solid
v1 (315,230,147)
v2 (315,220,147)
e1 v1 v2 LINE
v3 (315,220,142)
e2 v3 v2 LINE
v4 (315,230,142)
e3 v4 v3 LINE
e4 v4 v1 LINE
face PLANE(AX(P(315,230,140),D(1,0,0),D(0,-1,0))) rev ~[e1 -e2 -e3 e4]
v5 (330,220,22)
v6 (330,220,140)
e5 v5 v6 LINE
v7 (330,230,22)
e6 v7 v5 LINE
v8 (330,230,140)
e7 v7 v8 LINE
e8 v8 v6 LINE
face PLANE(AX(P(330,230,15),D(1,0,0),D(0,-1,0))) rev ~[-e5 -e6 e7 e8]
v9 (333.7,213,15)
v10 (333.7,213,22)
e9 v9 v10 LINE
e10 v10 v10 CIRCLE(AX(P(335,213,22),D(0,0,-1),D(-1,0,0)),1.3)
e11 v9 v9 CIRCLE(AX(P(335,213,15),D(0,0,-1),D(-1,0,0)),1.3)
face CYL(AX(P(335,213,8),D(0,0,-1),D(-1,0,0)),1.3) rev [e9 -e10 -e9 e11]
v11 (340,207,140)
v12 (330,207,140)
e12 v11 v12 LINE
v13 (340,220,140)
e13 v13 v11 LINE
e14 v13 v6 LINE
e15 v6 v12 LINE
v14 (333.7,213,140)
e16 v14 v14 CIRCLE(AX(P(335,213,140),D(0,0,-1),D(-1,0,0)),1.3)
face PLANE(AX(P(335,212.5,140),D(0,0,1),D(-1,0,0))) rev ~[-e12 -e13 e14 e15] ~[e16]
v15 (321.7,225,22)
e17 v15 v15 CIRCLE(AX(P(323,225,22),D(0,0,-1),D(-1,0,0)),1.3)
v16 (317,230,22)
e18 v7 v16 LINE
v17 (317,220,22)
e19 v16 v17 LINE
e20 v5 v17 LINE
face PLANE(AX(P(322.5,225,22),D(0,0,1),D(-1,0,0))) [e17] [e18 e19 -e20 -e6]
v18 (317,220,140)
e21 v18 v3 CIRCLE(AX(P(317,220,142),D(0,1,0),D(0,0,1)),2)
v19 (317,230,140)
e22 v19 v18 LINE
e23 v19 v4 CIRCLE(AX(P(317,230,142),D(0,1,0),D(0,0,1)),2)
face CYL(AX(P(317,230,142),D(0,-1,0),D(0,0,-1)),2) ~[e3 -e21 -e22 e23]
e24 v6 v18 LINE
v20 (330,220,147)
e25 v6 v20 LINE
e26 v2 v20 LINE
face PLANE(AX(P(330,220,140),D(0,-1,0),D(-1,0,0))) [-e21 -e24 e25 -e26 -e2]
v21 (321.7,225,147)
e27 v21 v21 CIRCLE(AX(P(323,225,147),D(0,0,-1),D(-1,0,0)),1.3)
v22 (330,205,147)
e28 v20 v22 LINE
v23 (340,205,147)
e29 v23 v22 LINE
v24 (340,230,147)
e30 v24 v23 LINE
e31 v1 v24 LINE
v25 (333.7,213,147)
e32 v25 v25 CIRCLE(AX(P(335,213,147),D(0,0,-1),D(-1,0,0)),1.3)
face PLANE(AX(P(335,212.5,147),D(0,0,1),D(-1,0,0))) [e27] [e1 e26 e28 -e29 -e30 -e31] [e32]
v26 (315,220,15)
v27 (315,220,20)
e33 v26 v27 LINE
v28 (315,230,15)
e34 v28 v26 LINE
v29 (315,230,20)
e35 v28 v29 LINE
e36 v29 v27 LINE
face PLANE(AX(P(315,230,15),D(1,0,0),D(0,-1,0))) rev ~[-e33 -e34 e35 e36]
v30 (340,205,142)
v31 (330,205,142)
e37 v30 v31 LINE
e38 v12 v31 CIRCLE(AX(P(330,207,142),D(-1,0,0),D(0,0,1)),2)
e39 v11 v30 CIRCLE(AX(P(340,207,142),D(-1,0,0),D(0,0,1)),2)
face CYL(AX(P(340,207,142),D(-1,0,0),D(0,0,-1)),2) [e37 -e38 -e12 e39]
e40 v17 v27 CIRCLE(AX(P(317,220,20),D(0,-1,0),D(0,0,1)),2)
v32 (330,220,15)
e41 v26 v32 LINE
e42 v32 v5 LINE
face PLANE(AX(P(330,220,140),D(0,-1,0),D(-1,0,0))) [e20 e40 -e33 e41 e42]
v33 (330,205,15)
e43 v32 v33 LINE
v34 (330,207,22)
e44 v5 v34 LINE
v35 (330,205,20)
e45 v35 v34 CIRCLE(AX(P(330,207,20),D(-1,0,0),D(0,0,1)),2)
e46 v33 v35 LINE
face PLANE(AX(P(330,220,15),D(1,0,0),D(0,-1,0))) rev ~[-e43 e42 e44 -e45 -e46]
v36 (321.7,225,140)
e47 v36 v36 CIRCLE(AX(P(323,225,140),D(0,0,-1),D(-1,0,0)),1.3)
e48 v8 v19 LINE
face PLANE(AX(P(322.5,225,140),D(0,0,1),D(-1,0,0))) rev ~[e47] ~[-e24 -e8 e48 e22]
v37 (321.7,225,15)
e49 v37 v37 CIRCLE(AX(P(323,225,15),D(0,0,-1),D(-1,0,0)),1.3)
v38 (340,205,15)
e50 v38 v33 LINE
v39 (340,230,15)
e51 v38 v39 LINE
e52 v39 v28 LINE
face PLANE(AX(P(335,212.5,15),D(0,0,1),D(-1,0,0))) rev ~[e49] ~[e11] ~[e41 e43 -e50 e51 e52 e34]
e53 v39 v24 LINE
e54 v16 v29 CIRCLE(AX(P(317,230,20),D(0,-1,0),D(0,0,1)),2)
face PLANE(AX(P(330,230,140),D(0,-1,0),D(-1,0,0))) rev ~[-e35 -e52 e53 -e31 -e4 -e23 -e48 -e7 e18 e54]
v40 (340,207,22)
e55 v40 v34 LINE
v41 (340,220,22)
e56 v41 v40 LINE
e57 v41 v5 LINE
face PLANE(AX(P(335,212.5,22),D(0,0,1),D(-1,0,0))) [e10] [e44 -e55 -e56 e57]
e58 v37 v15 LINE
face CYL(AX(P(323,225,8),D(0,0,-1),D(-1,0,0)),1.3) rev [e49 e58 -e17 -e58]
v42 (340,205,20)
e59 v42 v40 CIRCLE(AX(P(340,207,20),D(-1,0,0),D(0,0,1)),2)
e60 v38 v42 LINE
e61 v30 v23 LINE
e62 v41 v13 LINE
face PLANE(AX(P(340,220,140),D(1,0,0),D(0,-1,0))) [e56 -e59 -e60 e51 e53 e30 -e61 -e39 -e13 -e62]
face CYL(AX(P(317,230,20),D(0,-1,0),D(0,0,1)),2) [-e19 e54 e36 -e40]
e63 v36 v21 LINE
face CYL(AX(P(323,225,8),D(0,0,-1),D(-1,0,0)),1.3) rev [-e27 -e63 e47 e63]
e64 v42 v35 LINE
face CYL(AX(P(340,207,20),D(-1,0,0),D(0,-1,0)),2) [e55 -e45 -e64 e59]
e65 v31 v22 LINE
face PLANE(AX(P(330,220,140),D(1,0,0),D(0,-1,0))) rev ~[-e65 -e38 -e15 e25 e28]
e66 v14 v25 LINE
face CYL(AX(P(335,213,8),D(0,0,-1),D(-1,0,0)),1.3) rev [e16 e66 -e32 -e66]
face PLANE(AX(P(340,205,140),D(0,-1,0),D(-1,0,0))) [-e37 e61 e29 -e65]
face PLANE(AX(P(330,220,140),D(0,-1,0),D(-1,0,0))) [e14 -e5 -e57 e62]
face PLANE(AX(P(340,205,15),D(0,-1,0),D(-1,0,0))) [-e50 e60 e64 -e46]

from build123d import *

# Parameters (mm, degrees)
CYLINDER021_R          = 1.3
CYLINDER021_DEPTH      = 146
CYLINDER022_R          = 1.3
CYLINDER022_DEPTH      = 146
BOX085_W               = 10
BOX085_H               = 10
BOX085_DEPTH           = 132
BOX086_W               = 15
BOX086_H               = 10
BOX086_DEPTH           = 7
BOX084_W               = 10
BOX084_H               = 15
BOX084_DEPTH           = 7
BOX082_W               = 10
BOX082_H               = 15
BOX082_DEPTH           = 7
BOX083_W               = 15
BOX083_H               = 10
BOX083_DEPTH           = 7
FILLET004_R            = 2
CUT035_PLACEMENT_ANGLE = 180


with BuildPart() as cilindro021:
    # Cylinder021 → Cylinder021 (new body)
    with BuildSketch(Plane(origin=(5, 17, 8), x_dir=(1, 0, 0), z_dir=(0, 0, 1))):
        Circle(CYLINDER021_R)
    extrude(amount=CYLINDER021_DEPTH)


with BuildPart() as cilindro022:
    # Cylinder022 → Cylinder022 (new body)
    with BuildSketch(Plane(origin=(17, 5, 8), x_dir=(1, 0, 0), z_dir=(0, 0, 1))):
        Circle(CYLINDER022_R)
    extrude(amount=CYLINDER022_DEPTH)


with BuildPart() as cubo048:
    # Box085 → Box085 (new body)
    with BuildSketch(Plane.XY.offset(15)):
        with Locations((5, 5)):
            Rectangle(BOX085_W, BOX085_H)
    extrude(amount=BOX085_DEPTH)


with BuildPart() as cubo049:
    # Box086 → Box086 (new body)
    with BuildSketch(Plane(origin=(10, 0, 140), x_dir=(1, 0, 0), z_dir=(0, 0, 1))):
        with Locations((7.5, 5)):
            Rectangle(BOX086_W, BOX086_H)
    extrude(amount=BOX086_DEPTH)


with BuildPart() as cubo047:
    # Box084 → Box084 (new body)
    with BuildSketch(Plane(origin=(0, 10, 15), x_dir=(1, 0, 0), z_dir=(0, 0, 1))):
        with Locations((5, 7.5)):
            Rectangle(BOX084_W, BOX084_H)
    extrude(amount=BOX084_DEPTH)


with BuildPart() as cubo045:
    # Box082 → Box082 (new body)
    with BuildSketch(Plane(origin=(0, 10, 140), x_dir=(1, 0, 0), z_dir=(0, 0, 1))):
        with Locations((5, 7.5)):
            Rectangle(BOX082_W, BOX082_H)
    extrude(amount=BOX082_DEPTH)


with BuildPart() as pilar005:
    # Box083 → Box083 (new body)
    with BuildSketch(Plane(origin=(10, 0, 15), x_dir=(1, 0, 0), z_dir=(0, 0, 1))):
        with Locations((7.5, 5)):
            Rectangle(BOX083_W, BOX083_H)
    extrude(amount=BOX083_DEPTH)

    # Fusion012: union Cubo048, Cubo049, Cubo047, Cubo045
    add(cubo048.part)
    add(cubo049.part)
    add(cubo047.part)
    add(cubo045.part)

    # Fillet004
    fillet004_edges = [pilar005.edges().sort_by_distance(p)[0] for p in [
        (25, 5, 22),
        (25, 5, 140),
        (5, 25, 22),
        (5, 25, 140),
    ]]
    fillet(fillet004_edges, radius=FILLET004_R)

    # Cut036: cut Cilindro022
    add(cilindro022.part, mode=Mode.SUBTRACT)

    # Cut035: cut Cilindro021
    add(cilindro021.part, mode=Mode.SUBTRACT)


with BuildPart() as pilar005_1:
    # Cut035 placement: moved
    add(pilar005.part.moved(Location((340, 230, 0))).rotate(Axis((340, 230, 0), (0, 0, 1)), CUT035_PLACEMENT_ANGLE))


solid = pilar005_1.part
